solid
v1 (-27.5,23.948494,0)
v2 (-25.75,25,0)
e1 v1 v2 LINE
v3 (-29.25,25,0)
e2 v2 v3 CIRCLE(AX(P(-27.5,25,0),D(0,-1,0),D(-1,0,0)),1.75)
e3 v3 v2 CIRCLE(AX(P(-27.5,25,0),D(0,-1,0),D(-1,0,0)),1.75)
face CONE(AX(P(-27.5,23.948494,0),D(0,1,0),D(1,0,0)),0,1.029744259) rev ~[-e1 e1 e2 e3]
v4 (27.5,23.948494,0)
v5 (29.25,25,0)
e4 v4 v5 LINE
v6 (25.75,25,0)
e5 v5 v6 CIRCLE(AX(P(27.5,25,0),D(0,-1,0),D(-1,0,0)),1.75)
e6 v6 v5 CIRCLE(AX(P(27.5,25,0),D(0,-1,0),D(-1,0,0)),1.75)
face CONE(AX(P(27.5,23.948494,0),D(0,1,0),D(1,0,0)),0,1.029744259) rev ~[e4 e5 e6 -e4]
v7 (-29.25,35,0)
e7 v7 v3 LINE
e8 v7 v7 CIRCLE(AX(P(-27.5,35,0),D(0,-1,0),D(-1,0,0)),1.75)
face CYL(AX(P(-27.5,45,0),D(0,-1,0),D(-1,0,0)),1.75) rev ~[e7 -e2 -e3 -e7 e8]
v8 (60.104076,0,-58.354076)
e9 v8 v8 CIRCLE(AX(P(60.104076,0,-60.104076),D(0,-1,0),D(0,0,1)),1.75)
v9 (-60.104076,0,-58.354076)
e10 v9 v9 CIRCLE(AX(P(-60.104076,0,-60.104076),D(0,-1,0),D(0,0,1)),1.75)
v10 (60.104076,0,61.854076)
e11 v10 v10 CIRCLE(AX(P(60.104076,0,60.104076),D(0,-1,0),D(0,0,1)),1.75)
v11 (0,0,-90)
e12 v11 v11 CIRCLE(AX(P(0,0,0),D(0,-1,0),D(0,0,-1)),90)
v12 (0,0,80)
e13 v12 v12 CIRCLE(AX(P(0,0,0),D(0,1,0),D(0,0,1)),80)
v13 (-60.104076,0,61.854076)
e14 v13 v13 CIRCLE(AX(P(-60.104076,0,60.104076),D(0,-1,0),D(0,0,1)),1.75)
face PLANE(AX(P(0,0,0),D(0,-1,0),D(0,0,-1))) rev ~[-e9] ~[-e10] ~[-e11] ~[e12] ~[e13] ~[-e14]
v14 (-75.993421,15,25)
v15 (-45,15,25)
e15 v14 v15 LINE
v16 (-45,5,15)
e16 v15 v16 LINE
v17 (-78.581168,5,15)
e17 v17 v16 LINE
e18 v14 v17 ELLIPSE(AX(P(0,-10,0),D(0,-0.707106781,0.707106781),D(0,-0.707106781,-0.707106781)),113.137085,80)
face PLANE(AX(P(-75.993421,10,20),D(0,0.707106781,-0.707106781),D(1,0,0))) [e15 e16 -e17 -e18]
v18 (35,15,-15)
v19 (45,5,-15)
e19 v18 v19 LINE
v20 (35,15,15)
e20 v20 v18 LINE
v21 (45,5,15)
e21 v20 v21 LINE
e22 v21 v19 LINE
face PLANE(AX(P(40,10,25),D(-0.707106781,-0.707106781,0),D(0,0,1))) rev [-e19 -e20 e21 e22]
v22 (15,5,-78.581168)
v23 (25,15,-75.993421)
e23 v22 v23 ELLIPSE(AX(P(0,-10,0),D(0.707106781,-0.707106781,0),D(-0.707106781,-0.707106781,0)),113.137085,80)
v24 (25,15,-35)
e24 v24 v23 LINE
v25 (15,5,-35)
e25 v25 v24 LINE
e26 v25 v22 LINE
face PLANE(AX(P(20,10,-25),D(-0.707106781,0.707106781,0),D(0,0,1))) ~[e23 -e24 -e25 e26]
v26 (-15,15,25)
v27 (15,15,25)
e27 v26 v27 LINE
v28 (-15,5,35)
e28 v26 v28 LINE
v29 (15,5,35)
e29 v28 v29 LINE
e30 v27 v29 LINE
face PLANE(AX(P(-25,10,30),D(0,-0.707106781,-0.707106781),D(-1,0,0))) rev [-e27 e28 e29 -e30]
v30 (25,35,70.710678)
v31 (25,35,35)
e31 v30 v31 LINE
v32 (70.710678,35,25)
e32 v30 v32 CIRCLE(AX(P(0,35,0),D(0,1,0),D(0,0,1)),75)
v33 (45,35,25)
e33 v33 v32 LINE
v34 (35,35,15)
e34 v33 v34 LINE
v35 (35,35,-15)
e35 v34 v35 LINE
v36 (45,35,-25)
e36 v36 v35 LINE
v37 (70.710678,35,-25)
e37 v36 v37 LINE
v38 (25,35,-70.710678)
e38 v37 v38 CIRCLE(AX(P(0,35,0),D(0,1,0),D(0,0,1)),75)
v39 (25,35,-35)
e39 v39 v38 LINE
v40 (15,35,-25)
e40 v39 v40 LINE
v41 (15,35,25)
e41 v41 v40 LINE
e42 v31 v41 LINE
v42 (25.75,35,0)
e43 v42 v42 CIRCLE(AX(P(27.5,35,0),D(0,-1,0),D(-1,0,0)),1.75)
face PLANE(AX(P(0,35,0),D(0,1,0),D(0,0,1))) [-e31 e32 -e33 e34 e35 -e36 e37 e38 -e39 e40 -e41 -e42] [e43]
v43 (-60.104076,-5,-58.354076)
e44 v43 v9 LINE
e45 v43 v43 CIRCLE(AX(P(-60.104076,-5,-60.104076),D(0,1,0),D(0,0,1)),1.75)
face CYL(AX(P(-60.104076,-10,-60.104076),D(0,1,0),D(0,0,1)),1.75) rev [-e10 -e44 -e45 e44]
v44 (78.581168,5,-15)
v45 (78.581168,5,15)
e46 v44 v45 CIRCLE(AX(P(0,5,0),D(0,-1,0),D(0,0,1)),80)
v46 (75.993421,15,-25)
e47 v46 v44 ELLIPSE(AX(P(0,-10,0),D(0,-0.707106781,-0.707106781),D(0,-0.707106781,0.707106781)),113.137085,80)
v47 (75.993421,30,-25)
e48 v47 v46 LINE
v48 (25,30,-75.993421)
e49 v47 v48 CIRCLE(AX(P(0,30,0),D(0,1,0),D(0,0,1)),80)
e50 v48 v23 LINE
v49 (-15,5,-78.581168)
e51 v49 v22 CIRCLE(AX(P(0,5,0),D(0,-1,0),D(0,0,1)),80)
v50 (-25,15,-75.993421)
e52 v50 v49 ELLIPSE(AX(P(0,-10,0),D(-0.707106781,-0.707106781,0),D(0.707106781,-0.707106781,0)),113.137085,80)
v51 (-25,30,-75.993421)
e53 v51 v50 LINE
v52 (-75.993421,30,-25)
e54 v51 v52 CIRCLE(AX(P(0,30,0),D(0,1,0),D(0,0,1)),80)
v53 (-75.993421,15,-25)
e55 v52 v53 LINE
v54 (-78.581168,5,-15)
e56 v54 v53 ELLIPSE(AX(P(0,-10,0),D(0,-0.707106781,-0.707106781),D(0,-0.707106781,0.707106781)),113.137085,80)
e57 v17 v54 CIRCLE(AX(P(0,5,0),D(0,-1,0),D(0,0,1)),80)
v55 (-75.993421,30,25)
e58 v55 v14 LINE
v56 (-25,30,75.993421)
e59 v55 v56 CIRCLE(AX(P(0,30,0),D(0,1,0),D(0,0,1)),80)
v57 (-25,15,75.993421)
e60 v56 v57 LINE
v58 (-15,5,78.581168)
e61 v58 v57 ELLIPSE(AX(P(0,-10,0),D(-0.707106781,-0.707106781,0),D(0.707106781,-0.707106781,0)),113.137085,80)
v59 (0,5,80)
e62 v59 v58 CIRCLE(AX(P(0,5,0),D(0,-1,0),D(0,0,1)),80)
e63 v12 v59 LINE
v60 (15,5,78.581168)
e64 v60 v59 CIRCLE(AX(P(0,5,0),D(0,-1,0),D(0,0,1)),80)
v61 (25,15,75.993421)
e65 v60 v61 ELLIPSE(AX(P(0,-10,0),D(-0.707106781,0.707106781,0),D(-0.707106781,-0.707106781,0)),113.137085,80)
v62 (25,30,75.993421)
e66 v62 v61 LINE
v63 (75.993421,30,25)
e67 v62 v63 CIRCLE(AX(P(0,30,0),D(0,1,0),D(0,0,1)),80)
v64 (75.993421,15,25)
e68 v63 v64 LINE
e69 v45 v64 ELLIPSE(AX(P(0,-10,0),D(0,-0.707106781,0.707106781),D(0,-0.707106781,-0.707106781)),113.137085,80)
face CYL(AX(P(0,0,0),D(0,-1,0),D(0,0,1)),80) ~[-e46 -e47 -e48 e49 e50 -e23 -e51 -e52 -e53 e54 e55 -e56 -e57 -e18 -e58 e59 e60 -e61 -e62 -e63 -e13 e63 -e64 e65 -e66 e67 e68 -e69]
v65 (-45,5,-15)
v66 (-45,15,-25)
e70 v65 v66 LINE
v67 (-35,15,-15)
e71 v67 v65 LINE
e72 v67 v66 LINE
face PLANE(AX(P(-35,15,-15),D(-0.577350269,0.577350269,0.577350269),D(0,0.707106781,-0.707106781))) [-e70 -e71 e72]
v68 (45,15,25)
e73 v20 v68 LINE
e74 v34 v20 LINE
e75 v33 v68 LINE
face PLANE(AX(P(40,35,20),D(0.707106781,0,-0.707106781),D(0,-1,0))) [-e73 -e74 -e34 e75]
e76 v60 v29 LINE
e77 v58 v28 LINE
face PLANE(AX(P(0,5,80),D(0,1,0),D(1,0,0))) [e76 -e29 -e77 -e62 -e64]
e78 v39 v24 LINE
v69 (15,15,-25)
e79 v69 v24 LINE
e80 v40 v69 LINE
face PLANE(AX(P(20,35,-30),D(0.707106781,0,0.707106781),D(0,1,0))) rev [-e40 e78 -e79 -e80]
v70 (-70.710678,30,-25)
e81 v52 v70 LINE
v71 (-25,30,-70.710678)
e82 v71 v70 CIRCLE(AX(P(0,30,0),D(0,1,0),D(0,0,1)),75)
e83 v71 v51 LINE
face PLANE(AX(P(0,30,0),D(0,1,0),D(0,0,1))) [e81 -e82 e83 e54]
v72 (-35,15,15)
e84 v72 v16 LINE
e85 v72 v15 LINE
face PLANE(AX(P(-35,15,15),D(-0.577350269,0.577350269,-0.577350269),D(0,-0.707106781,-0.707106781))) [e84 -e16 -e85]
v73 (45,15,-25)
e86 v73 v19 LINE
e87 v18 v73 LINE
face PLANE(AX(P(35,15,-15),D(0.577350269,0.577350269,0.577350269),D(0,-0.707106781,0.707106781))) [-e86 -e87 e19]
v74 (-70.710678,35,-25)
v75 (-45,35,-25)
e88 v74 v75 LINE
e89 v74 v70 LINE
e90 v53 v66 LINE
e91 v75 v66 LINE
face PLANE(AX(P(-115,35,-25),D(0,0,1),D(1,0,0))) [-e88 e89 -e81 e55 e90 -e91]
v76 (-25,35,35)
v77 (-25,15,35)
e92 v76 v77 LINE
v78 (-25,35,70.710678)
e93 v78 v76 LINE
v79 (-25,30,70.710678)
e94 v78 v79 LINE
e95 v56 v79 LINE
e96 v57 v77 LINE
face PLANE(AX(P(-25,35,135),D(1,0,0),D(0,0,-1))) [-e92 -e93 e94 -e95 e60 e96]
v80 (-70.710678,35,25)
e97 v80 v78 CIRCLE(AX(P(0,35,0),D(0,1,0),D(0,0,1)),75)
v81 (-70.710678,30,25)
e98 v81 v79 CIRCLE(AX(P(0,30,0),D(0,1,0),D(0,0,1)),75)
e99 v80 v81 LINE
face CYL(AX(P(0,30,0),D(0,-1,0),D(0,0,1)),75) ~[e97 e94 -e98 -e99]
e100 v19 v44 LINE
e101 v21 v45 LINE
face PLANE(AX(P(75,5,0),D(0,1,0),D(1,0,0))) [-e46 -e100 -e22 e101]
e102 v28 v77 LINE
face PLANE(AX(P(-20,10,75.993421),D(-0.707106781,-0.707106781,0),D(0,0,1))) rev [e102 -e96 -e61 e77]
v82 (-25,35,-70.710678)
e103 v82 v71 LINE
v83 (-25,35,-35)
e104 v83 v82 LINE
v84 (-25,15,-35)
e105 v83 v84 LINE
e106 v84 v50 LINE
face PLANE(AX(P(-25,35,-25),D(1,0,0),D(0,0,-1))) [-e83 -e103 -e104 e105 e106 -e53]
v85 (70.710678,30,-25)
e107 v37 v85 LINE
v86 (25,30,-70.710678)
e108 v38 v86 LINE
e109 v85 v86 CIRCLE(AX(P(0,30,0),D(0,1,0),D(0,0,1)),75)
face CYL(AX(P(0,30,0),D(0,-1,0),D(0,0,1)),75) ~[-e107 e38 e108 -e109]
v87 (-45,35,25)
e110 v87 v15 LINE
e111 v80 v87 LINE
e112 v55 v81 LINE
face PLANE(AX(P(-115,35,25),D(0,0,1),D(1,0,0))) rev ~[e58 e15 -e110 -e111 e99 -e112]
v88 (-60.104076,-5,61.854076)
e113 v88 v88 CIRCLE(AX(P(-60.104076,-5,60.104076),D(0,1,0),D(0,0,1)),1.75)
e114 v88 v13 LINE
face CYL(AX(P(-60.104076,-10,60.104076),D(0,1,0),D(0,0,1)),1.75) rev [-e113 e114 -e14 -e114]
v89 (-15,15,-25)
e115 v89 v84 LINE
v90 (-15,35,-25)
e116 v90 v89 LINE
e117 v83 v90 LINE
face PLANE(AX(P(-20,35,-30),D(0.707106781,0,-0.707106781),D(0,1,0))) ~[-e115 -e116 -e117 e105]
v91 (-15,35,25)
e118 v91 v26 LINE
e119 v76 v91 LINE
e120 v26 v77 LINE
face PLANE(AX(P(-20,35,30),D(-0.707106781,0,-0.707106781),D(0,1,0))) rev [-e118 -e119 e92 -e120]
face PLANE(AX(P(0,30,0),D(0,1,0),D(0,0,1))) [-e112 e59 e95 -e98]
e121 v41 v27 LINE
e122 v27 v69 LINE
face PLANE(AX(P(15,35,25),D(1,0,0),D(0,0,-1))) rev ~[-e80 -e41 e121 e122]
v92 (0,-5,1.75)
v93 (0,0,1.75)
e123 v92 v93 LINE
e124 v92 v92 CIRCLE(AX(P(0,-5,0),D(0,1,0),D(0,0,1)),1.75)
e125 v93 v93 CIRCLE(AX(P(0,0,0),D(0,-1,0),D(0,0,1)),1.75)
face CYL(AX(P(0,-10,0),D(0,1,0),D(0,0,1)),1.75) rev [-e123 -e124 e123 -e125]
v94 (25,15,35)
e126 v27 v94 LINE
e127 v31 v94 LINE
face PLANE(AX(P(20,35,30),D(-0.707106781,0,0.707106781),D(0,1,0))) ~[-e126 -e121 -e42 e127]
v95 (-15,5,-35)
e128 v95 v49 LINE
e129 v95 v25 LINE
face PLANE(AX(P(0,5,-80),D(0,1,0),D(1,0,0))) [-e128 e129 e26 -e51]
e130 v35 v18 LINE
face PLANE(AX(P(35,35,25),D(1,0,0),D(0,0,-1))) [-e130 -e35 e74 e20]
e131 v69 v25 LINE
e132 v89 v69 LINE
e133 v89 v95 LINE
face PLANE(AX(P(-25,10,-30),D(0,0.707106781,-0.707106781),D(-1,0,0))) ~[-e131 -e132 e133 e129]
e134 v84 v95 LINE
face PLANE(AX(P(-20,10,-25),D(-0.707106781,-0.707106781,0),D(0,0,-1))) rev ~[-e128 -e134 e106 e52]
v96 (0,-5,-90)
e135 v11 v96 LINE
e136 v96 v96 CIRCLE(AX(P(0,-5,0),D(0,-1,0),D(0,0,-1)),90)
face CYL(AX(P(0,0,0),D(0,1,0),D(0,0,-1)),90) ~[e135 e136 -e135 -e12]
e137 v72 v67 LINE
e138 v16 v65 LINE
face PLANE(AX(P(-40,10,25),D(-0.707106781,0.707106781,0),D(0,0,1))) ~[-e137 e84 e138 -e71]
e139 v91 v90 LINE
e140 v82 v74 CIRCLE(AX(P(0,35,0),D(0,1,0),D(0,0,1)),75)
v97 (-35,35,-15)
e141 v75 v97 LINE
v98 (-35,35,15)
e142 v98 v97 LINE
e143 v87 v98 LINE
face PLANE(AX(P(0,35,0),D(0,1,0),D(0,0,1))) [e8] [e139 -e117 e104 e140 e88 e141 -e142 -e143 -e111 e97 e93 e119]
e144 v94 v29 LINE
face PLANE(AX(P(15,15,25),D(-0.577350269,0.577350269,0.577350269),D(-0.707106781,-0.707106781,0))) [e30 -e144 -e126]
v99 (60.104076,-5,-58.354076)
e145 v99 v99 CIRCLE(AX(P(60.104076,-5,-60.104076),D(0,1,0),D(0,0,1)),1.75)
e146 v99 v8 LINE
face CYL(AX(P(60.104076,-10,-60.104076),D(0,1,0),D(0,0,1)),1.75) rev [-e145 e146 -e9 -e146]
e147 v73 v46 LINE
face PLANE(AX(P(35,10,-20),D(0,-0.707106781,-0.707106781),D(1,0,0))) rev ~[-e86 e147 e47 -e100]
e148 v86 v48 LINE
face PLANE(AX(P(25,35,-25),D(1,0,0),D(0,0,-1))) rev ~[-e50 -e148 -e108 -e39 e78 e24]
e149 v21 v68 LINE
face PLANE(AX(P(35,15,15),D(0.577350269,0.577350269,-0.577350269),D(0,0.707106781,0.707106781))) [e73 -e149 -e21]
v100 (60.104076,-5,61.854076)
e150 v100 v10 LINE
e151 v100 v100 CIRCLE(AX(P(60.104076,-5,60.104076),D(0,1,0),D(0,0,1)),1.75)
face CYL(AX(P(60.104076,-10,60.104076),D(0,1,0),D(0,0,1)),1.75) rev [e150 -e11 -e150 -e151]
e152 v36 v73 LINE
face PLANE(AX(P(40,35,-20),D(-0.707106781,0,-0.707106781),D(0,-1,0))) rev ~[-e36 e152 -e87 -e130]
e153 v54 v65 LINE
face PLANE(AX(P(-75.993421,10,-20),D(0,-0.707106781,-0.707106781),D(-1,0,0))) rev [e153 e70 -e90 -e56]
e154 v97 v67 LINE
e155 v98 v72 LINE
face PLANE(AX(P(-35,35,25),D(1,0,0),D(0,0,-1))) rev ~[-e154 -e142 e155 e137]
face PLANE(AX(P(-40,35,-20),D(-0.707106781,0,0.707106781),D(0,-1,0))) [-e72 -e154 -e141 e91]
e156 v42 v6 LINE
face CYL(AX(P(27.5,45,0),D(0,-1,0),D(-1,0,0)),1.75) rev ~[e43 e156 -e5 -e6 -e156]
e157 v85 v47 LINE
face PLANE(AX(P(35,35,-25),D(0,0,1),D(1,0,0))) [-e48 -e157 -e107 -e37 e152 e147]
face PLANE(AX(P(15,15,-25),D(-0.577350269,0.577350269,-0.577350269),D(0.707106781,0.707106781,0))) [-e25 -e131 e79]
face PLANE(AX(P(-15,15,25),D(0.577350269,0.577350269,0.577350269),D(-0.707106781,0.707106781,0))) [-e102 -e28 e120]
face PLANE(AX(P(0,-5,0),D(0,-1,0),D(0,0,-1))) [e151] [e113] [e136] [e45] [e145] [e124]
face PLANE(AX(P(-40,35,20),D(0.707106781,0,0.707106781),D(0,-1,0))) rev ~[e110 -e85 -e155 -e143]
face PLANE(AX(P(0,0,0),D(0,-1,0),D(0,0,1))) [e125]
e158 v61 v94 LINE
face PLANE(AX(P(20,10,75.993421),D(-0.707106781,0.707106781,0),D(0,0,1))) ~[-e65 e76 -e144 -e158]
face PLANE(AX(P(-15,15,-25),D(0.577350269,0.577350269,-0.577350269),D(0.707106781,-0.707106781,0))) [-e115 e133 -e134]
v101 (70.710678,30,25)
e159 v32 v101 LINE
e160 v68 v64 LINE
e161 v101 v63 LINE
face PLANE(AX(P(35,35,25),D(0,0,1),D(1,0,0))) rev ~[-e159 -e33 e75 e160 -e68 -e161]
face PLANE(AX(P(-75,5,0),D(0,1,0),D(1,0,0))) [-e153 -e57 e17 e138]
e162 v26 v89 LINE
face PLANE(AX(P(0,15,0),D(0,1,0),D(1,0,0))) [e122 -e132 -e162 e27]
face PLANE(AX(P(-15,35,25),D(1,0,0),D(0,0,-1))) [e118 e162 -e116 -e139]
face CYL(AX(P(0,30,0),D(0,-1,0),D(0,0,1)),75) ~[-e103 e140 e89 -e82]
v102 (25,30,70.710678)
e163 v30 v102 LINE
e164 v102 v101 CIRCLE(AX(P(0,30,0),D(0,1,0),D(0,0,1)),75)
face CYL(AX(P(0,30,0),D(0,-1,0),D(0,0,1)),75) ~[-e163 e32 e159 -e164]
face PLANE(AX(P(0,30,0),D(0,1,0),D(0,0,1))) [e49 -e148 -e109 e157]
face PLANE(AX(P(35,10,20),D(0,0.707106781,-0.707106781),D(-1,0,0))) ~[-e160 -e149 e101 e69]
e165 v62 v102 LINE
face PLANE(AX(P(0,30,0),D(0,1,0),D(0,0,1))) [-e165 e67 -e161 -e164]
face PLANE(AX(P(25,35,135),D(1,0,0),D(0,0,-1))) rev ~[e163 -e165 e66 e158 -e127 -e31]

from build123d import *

# Parameters (mm, degrees)
SKETCH1_R                           = 80
BOSS_EXTRUDE1_DEPTH                 = 30
SKETCH2_R                           = 90
BOSS_EXTRUDE2_DEPTH                 = 5
SKETCH6_R                           = 75
BOSS_EXTRUDE3_DEPTH                 = 5
F_3_5_3_5_DIAMETER_HOLE1_D          = 3.5
F_3_5_3_5_DIAMETER_HOLE1_DEPTH      = 10
F_3_5_3_5_DIAMETER_HOLE1_TIP        = 1.051506083
SKETCH7_W                           = 50
SKETCH7_H                           = 110
CUT_EXTRUDE1_DEPTH                  = 30
CHAMFER1_SIZE                       = 10
SKETCH8_W                           = 30
SKETCH8_H                           = 50
CUT_EXTRUDE2_DEPTH                  = 20
F_3_5_3_5_DIAMETER_HOLE2_AT_2_COUNT = 2
F_3_5_3_5_DIAMETER_HOLE2_AT_2_PITCH = 85
F_3_5_3_5_DIAMETER_HOLE2_AT_3_COUNT = 2
F_3_5_3_5_DIAMETER_HOLE2_AT_3_PITCH = 85
F_3_5_3_5_DIAMETER_HOLE2_AT_4_COUNT = 2
F_3_5_3_5_DIAMETER_HOLE2_AT_4_PITCH = 85
F_3_5_3_5_DIAMETER_HOLE2_AT_5_COUNT = 2
F_3_5_3_5_DIAMETER_HOLE2_AT_5_PITCH = 85
SKETCH11_W                          = 80
SKETCH11_H                          = 50
CUT_EXTRUDE3_DEPTH                  = 30
CHAMFER2_SIZE                       = 10


with BuildPart() as part:
    # Sketch1 → Boss-Extrude1 (new body)
    with BuildSketch(Plane(origin=(0, 0, 0), x_dir=(1, 0, 0), z_dir=(0, 1, 0))):
        with Locations(Location((0, 0, 0), (0, 0, 270))):
            Circle(SKETCH1_R)
    extrude(amount=BOSS_EXTRUDE1_DEPTH)

    # Sketch2 → Boss-Extrude2 (add)
    with BuildSketch(Plane.XZ):
        with Locations(Location((0, 0, 0), (0, 0, 270))):
            Circle(SKETCH2_R)
    extrude(amount=BOSS_EXTRUDE2_DEPTH)

    # Sketch6 → Boss-Extrude3 (add)
    with BuildSketch(Plane(origin=(0, 30, 0), x_dir=(1, 0, 0), z_dir=(0, 1, 0))):
        with Locations(Location((0, 0, 0), (0, 0, 270))):
            Circle(SKETCH6_R)
    extrude(amount=BOSS_EXTRUDE3_DEPTH)

    # Ø3.5 (3.5) Diameter Hole1
    with Locations(Plane(origin=(-12.746034072, 35, -7.868896946), x_dir=(1, 0, 0), z_dir=(0, 1, 0))):
        with Locations((-14.753965928, -7.868896946), (40.246034072, -7.868896946)):
            Hole(F_3_5_3_5_DIAMETER_HOLE1_D / 2, depth=F_3_5_3_5_DIAMETER_HOLE1_DEPTH)
            with Locations((0, 0, -(F_3_5_3_5_DIAMETER_HOLE1_DEPTH + F_3_5_3_5_DIAMETER_HOLE1_TIP / 2))):  # 118° drill point
                Cone(0, F_3_5_3_5_DIAMETER_HOLE1_D / 2, F_3_5_3_5_DIAMETER_HOLE1_TIP, mode=Mode.SUBTRACT)

    # Sketch7 → Cut-Extrude1 (cut)
    with BuildSketch(Plane(origin=(0, 35, 0), x_dir=(1, 0, 0), z_dir=(0, 1, 0))):
        with Locations((0, 80)):
            Rectangle(SKETCH7_W, SKETCH7_H)
        with Locations((0, -80)):
            Rectangle(SKETCH7_W, SKETCH7_H)
    extrude(amount=-CUT_EXTRUDE1_DEPTH, mode=Mode.SUBTRACT)

    # Chamfer1
    chamfer1_edges = [part.edges().sort_by_distance(p)[0] for p in [
        (25, 5, -50.496710384),
        (-25, 5, -50.496710384),
        (-25, 20, -25),
        (0, 5, -25),
        (25, 20, -25),
        (25, 5, 50.496710384),
        (25, 20, 25),
        (-25, 5, 50.496710384),
        (0, 5, 25),
        (-25, 20, 25),
    ]]
    chamfer(chamfer1_edges, length=CHAMFER1_SIZE)

    # Sketch8 → Cut-Extrude2 (cut)
    with BuildSketch(Plane(origin=(0, 35, 0), x_dir=(1, 0, 0), z_dir=(0, 1, 0))):
        Rectangle(SKETCH8_W, SKETCH8_H)
    extrude(amount=-CUT_EXTRUDE2_DEPTH, mode=Mode.SUBTRACT)

    # Sketch9 → Ø3.5 (3.5) Diameter Hole2 (revolve, cut)
    with BuildSketch(Plane(origin=(0, 0, 0), x_dir=(0, 0, 1), z_dir=(1, 0, 0))):
        Polygon((0, 0), (0, 11.051506083), (1.75, 10), (1.75, 0), align=None)
    f_3_5_3_5_diameter_hole2 = revolve(axis=Axis((0, 6.35, 0), (0, -1, 0)), mode=Mode.SUBTRACT)

    # Ø3.5 (3.5) Diameter Hole2 at 2: Ø3.5 (3.5) Diameter Hole2 ×2
    with Locations(*[Vector(0.7071067811865478, 0, 0.7071067811865475) * (i * F_3_5_3_5_DIAMETER_HOLE2_AT_2_PITCH) for i in range(1, F_3_5_3_5_DIAMETER_HOLE2_AT_2_COUNT)]):
        add(f_3_5_3_5_diameter_hole2, mode=Mode.SUBTRACT)

    # Ø3.5 (3.5) Diameter Hole2 at 3: Ø3.5 (3.5) Diameter Hole2 ×2
    with Locations(*[Vector(-0.7071067811865477, 0, -0.7071067811865475) * (i * F_3_5_3_5_DIAMETER_HOLE2_AT_3_PITCH) for i in range(1, F_3_5_3_5_DIAMETER_HOLE2_AT_3_COUNT)]):
        add(f_3_5_3_5_diameter_hole2, mode=Mode.SUBTRACT)

    # Ø3.5 (3.5) Diameter Hole2 at 4: Ø3.5 (3.5) Diameter Hole2 ×2
    with Locations(*[Vector(-0.7071067811865476, 0, 0.7071067811865476) * (i * F_3_5_3_5_DIAMETER_HOLE2_AT_4_PITCH) for i in range(1, F_3_5_3_5_DIAMETER_HOLE2_AT_4_COUNT)]):
        add(f_3_5_3_5_diameter_hole2, mode=Mode.SUBTRACT)

    # Ø3.5 (3.5) Diameter Hole2 at 5: Ø3.5 (3.5) Diameter Hole2 ×2
    with Locations(*[Vector(0.7071067811865476, 0, -0.7071067811865476) * (i * F_3_5_3_5_DIAMETER_HOLE2_AT_5_PITCH) for i in range(1, F_3_5_3_5_DIAMETER_HOLE2_AT_5_COUNT)]):
        add(f_3_5_3_5_diameter_hole2, mode=Mode.SUBTRACT)

    # Sketch11 → Cut-Extrude3 (cut)
    with BuildSketch(Plane(origin=(0, 35, 0), x_dir=(1, 0, 0), z_dir=(0, 1, 0))):
        with Locations((75, 0)):
            Rectangle(SKETCH11_W, SKETCH11_H)
        with Locations((-75, 0)):
            Rectangle(SKETCH11_W, SKETCH11_H)
    extrude(amount=-CUT_EXTRUDE3_DEPTH, mode=Mode.SUBTRACT)

    # Chamfer2
    chamfer2_edges = [part.edges().sort_by_distance(p)[0] for p in [
        (55.496710384, 5, -25),
        (35, 20, -25),
        (55.496710384, 5, 25),
        (35, 5, 0),
        (35, 20, 25),
        (-55.496710384, 5, -25),
        (-55.496710384, 5, 25),
        (-35, 20, 25),
        (-35, 5, 0),
        (-35, 20, -25),
    ]]
    chamfer(chamfer2_edges, length=CHAMFER2_SIZE)


solid = part.part
